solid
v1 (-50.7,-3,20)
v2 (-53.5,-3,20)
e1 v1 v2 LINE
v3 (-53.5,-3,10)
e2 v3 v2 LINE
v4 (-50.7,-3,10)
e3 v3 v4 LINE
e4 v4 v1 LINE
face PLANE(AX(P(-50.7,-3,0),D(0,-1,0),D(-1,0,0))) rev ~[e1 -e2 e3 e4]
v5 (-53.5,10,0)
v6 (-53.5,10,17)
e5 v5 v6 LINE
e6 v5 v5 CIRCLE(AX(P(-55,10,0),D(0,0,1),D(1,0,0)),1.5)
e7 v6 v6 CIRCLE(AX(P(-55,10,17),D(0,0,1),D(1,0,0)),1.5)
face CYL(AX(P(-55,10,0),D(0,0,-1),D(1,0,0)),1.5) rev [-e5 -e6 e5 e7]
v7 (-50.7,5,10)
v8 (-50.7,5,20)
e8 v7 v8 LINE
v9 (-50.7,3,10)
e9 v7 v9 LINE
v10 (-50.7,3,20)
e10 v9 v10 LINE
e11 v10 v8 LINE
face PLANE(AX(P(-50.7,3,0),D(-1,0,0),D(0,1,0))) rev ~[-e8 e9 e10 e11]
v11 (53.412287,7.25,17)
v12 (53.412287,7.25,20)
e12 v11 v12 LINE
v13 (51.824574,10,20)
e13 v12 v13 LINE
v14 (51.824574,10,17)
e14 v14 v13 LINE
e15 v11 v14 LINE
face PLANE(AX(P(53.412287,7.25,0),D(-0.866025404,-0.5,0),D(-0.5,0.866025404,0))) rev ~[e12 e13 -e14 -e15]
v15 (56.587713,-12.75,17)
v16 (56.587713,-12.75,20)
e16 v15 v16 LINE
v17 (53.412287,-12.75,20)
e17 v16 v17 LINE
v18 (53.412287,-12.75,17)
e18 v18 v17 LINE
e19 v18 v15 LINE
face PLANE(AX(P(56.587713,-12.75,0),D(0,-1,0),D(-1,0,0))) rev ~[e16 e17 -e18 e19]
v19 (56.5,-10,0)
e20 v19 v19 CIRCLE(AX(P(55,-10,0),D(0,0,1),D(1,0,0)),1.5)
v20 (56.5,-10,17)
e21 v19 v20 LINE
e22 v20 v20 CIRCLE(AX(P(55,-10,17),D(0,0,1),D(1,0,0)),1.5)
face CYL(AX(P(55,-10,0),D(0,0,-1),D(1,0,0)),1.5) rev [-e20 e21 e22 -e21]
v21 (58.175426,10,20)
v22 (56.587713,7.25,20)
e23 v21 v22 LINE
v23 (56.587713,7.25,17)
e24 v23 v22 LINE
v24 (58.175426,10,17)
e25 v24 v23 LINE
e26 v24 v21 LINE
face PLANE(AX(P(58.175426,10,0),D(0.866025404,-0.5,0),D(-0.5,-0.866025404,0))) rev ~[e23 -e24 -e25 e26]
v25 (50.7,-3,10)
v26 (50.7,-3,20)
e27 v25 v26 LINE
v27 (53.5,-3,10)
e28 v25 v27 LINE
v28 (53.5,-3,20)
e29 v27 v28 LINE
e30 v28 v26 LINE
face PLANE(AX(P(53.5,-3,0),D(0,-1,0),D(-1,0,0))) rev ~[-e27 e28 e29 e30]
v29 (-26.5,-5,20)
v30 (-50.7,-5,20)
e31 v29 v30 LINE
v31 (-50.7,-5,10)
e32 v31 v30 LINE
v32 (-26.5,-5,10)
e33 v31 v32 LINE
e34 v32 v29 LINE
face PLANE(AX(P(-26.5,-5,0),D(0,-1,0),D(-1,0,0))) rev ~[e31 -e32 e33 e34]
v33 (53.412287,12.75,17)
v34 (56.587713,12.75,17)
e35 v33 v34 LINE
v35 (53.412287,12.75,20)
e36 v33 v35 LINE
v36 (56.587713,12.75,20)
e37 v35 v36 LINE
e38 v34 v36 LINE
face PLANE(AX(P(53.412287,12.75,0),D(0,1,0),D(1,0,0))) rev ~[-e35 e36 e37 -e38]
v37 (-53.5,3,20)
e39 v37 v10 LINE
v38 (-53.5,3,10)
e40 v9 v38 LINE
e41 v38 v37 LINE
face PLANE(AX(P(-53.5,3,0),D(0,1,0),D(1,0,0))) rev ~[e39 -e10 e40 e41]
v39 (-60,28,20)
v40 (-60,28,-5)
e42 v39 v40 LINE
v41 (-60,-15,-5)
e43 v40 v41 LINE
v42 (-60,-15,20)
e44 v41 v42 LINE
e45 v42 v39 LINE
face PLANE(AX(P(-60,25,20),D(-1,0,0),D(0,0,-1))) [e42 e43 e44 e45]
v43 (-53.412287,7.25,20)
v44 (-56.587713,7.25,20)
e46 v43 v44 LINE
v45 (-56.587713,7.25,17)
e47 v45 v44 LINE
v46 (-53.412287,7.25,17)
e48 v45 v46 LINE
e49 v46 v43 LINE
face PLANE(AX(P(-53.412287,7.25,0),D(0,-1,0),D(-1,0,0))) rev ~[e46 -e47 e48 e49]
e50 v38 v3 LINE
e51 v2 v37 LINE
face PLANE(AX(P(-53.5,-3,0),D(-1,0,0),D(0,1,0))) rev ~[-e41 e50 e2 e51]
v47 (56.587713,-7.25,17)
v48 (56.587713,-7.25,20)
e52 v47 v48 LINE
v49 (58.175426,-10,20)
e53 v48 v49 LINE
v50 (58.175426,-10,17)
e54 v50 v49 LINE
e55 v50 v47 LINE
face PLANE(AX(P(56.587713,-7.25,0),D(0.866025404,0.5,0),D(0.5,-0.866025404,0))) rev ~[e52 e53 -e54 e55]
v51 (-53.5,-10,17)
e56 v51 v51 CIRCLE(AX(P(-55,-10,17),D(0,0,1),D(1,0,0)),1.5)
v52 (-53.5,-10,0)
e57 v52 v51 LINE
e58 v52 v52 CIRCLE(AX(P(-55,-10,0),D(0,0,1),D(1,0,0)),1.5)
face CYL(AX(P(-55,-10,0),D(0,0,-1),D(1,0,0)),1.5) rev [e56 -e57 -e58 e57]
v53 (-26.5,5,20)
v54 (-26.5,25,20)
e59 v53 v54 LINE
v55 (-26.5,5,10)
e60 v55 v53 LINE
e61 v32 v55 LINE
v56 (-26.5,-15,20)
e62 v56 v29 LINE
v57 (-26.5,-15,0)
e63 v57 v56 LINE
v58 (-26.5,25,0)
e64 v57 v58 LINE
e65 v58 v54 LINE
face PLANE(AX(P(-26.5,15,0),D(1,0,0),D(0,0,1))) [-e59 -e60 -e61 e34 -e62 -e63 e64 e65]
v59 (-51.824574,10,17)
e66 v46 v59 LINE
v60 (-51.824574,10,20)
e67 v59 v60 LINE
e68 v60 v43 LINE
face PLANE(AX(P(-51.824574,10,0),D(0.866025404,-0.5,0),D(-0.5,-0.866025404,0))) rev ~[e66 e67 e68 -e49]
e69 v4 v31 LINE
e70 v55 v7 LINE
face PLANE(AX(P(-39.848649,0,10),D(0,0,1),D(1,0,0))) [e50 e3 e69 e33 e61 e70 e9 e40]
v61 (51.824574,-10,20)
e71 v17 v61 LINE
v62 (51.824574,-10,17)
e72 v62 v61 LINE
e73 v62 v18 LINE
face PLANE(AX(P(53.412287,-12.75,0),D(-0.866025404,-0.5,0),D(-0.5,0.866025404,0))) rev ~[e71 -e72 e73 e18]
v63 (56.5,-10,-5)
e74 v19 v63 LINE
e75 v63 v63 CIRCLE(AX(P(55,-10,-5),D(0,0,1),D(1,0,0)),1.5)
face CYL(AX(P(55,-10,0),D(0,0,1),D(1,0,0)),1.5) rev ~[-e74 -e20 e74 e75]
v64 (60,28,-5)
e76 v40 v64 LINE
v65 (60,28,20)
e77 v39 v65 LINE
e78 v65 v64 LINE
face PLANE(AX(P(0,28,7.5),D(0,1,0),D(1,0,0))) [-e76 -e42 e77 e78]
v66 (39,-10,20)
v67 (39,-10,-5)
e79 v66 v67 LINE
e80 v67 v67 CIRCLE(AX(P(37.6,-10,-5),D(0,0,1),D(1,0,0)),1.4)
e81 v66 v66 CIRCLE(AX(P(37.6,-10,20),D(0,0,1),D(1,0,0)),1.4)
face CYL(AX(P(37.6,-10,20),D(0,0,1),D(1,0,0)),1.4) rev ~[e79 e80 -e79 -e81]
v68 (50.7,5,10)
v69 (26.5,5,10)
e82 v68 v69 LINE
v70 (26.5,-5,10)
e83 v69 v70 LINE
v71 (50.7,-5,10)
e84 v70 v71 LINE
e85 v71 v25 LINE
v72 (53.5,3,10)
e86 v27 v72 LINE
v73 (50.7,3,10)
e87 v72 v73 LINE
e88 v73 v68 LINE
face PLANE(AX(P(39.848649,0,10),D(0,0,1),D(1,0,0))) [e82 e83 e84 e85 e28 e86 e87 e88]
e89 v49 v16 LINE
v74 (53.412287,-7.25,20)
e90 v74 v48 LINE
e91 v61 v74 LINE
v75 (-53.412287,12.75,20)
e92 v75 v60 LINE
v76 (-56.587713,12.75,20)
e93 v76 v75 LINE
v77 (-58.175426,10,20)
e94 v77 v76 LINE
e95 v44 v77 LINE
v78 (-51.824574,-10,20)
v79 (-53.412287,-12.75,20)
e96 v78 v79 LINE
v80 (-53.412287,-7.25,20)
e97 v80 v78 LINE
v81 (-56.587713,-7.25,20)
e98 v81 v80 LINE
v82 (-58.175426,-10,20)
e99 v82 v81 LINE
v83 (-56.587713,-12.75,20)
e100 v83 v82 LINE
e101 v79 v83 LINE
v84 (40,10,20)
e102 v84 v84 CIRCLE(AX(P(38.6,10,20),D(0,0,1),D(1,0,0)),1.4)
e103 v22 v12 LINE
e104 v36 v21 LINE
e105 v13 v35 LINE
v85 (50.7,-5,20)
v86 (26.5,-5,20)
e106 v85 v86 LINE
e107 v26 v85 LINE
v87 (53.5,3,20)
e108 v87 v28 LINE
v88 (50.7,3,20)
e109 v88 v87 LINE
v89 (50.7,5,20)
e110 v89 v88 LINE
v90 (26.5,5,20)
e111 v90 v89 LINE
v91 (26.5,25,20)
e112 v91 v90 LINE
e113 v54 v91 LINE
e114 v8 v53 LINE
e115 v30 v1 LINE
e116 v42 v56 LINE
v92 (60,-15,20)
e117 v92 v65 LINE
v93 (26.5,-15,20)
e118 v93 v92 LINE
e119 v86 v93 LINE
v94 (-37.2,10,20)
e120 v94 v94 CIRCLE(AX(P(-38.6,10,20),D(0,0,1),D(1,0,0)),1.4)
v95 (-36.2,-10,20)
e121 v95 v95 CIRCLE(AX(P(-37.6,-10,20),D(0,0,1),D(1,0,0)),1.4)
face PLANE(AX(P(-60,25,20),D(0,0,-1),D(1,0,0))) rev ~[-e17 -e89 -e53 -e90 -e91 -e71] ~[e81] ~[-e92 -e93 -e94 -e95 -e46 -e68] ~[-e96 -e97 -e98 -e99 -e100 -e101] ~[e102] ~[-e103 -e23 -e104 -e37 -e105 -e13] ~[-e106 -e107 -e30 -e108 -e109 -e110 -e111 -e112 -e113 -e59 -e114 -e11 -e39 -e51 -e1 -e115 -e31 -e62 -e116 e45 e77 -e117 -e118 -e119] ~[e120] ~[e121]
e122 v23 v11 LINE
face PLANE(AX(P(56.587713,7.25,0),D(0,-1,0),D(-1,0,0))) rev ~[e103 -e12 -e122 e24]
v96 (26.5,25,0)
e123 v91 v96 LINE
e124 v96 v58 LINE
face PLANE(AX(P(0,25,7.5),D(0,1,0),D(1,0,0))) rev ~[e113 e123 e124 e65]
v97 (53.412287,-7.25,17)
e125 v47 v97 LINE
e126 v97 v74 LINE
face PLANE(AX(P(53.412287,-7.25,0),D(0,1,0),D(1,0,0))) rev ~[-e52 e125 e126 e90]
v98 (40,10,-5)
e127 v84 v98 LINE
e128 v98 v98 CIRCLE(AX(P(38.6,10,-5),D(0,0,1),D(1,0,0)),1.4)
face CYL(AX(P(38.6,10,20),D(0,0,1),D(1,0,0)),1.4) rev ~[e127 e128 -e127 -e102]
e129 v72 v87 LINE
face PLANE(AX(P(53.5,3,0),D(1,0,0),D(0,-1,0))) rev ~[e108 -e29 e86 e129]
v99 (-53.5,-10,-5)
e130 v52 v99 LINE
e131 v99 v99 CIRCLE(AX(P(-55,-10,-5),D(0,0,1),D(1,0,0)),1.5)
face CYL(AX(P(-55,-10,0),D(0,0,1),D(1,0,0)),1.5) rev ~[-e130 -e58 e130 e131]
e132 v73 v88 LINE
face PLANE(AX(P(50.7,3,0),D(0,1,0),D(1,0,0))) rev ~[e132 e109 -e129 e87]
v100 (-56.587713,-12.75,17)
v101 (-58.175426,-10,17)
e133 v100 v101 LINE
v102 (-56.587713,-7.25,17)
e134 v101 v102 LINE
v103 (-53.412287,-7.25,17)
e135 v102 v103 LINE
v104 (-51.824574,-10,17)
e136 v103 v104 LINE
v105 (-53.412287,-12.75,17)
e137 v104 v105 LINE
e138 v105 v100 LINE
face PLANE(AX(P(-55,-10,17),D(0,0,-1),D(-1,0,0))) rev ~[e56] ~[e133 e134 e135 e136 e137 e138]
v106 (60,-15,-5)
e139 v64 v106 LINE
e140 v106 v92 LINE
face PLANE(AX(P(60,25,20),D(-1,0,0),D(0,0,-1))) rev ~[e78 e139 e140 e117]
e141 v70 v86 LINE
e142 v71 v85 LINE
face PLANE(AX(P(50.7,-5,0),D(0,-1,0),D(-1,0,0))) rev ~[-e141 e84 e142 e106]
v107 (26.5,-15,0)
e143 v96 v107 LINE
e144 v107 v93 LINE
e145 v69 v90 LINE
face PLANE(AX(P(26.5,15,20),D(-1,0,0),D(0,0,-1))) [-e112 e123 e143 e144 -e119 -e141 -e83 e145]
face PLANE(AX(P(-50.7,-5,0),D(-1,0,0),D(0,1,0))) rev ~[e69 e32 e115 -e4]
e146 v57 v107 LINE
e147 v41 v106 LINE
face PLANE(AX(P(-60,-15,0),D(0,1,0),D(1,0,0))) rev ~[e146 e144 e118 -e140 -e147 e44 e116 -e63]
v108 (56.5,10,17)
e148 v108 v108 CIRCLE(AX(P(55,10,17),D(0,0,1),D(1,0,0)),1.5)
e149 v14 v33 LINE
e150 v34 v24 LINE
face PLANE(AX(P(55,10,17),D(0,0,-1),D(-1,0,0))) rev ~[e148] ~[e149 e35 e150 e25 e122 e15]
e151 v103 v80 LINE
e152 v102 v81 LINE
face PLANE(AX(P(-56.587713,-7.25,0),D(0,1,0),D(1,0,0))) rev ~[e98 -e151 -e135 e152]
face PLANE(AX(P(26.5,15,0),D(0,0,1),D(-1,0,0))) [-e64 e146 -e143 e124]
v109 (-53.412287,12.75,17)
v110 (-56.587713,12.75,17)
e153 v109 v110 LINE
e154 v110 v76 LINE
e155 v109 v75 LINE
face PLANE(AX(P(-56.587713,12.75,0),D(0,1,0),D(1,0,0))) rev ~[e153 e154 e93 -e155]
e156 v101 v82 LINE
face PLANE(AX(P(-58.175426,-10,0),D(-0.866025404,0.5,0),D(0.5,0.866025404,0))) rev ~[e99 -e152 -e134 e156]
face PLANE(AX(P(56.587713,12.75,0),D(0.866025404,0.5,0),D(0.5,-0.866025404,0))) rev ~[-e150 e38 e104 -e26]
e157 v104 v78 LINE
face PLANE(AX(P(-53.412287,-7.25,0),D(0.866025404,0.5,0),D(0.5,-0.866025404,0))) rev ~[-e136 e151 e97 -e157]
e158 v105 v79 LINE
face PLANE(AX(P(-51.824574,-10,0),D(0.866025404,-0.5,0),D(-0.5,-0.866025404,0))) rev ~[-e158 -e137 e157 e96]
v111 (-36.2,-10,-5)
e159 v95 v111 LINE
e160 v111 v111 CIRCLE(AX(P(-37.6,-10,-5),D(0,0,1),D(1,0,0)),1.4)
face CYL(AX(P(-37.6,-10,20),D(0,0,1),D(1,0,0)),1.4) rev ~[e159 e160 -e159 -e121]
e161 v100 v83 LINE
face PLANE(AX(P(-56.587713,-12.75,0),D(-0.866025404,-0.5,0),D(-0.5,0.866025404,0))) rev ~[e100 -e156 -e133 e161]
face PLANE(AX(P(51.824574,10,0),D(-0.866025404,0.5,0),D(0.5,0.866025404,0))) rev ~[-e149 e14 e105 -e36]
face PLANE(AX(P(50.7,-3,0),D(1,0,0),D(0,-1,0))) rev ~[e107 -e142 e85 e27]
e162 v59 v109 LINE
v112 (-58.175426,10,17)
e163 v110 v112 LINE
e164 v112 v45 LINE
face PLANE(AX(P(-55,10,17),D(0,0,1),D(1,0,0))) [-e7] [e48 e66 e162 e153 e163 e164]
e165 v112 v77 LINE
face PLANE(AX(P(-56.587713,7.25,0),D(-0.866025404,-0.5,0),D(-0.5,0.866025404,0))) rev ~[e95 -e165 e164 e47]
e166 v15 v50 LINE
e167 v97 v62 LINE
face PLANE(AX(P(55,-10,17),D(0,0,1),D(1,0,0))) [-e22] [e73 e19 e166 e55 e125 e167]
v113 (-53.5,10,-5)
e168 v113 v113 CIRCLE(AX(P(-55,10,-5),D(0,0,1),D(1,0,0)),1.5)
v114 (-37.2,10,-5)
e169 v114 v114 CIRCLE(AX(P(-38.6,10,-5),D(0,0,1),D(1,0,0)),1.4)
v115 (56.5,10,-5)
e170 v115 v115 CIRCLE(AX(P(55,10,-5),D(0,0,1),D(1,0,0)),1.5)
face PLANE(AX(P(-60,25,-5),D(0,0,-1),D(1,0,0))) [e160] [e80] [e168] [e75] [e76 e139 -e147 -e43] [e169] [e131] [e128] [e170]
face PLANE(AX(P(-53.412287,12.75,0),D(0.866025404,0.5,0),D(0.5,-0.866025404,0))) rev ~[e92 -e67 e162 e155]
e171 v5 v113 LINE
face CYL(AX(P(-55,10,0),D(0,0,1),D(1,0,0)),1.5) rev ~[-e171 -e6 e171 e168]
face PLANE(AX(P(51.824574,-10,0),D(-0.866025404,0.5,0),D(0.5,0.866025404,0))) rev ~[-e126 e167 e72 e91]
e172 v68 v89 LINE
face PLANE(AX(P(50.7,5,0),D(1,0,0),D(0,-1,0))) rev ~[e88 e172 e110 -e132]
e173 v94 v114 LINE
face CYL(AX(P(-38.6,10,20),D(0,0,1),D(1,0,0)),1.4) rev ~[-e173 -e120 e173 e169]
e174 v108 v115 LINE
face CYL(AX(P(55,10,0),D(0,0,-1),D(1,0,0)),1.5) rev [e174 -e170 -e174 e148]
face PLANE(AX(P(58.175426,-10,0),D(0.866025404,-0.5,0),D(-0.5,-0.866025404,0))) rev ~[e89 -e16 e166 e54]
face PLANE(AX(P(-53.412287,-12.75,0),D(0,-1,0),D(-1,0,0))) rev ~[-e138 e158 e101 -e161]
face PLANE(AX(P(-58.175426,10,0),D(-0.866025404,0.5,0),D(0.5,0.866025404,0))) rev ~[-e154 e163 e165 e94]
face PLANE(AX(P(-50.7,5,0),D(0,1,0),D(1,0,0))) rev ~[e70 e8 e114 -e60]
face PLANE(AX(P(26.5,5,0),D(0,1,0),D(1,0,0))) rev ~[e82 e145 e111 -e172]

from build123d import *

# Parameters (mm, degrees)
ESQUISSE1_W             = 120
ESQUISSE1_H             = 30
ESQUISSE1_R             = 1.5
BOSS_EXTRU_1_DEPTH      = 5
BOSS_EXTRU_2_DEPTH      = 20
BOSS_EXTRU_3_DEPTH      = 10
ESQUISSE1_6_R           = 1.5
BOSS_EXTRU_4_DEPTH      = 17
ESQUISSE2_R             = 1.4
ENL_V_MAT_EXTRU_1_DEPTH = 26
BOSS_EXTRU_5_DEPTH      = 10
ESQUISSE4_W             = 120
ESQUISSE4_H             = 25
BOSS_EXTRU_6_DEPTH      = 3


with BuildPart() as part:
    # Esquisse1 → Boss.-Extru.1 (new body)
    with BuildSketch(Plane.XY):
        Rectangle(ESQUISSE1_W, ESQUISSE1_H)
        with Locations((-55, 10)):
            Circle(ESQUISSE1_R, mode=Mode.SUBTRACT)
        with Locations((-55, -10)):
            Circle(ESQUISSE1_R, mode=Mode.SUBTRACT)
        with Locations((55, -10)):
            Circle(ESQUISSE1_R, mode=Mode.SUBTRACT)
        with Locations((55, 10)):
            Circle(ESQUISSE1_R, mode=Mode.SUBTRACT)
    extrude(amount=-BOSS_EXTRU_1_DEPTH)

    # Esquisse1<4> → Boss.-Extru.2 (add)
    with BuildSketch(Plane.XY):
        Polygon((-26.5, 15), (-60, 15), (-60, -15), (-26.5, -15), (-26.5, -5), (-50.7, -5), (-50.7, -3), (-53.5, -3), (-53.5, 3), (-50.7, 3), (-50.7, 5), (-26.5, 5), align=None)
        Polygon((-53.41228676, 12.75), (-51.824573519, 10), (-53.41228676, 7.25), (-56.58771324, 7.25), (-58.175426481, 10), (-56.58771324, 12.75), align=None, mode=Mode.SUBTRACT)
        Polygon((-53.41228676, -7.25), (-51.824573519, -10), (-53.41228676, -12.75), (-56.58771324, -12.75), (-58.175426481, -10), (-56.58771324, -7.25), align=None, mode=Mode.SUBTRACT)
        Polygon((60, 15), (26.5, 15), (26.5, 5), (50.7, 5), (50.7, 3), (53.5, 3), (53.5, -3), (50.7, -3), (50.7, -5), (26.5, -5), (26.5, -15), (60, -15), align=None)
        Polygon((56.58771324, 7.25), (53.41228676, 7.25), (51.824573519, 10), (53.41228676, 12.75), (56.58771324, 12.75), (58.175426481, 10), align=None, mode=Mode.SUBTRACT)
        Polygon((56.58771324, -7.25), (58.175426481, -10), (56.58771324, -12.75), (53.41228676, -12.75), (51.824573519, -10), (53.41228676, -7.25), align=None, mode=Mode.SUBTRACT)
    extrude(amount=BOSS_EXTRU_2_DEPTH)

    # Esquisse1<5> → Boss.-Extru.3 (add)
    with BuildSketch(Plane.XY):
        Polygon((-26.5, -5), (-26.5, 5), (-50.7, 5), (-50.7, 3), (-53.5, 3), (-53.5, -3), (-50.7, -3), (-50.7, -5), align=None)
        Polygon((50.7, 5), (26.5, 5), (26.5, -5), (50.7, -5), (50.7, -3), (53.5, -3), (53.5, 3), (50.7, 3), align=None)
    extrude(amount=BOSS_EXTRU_3_DEPTH)

    # Esquisse1<6> → Boss.-Extru.4 (add)
    with BuildSketch(Plane.XY):
        Polygon((51.824573519, 10), (53.41228676, 12.75), (56.58771324, 12.75), (58.175426481, 10), (56.58771324, 7.25), (53.41228676, 7.25), align=None)
        with Locations((55, 10)):
            Circle(ESQUISSE1_6_R, mode=Mode.SUBTRACT)
        Polygon((56.58771324, -7.25), (53.41228676, -7.25), (51.824573519, -10), (53.41228676, -12.75), (56.58771324, -12.75), (58.175426481, -10), align=None)
        with Locations((55, -10)):
            Circle(ESQUISSE1_6_R, mode=Mode.SUBTRACT)
        Polygon((-56.58771324, 7.25), (-53.41228676, 7.25), (-51.824573519, 10), (-53.41228676, 12.75), (-56.58771324, 12.75), (-58.175426481, 10), align=None)
        with Locations((-55, 10)):
            Circle(ESQUISSE1_6_R, mode=Mode.SUBTRACT)
        Polygon((-51.824573519, -10), (-53.41228676, -12.75), (-56.58771324, -12.75), (-58.175426481, -10), (-56.58771324, -7.25), (-53.41228676, -7.25), align=None)
        with Locations((-55, -10)):
            Circle(ESQUISSE1_6_R, mode=Mode.SUBTRACT)
    extrude(amount=BOSS_EXTRU_4_DEPTH)

    # Esquisse2 → Enlèv. mat.-Extru.1 (cut, through all)
    with BuildSketch(Plane.XY.offset(20)):
        with Locations((-38.6, 10)):
            Circle(ESQUISSE2_R)
        with Locations((-37.6, -10)):
            Circle(ESQUISSE2_R)
        with Locations((38.6, 10)):
            Circle(ESQUISSE2_R)
        with Locations((37.6, -10)):
            Circle(ESQUISSE2_R)
    extrude(amount=-ENL_V_MAT_EXTRU_1_DEPTH, mode=Mode.SUBTRACT)

    # Esquisse3 → Boss.-Extru.5 (add)
    with BuildSketch(Plane(origin=(0, 15, 0), x_dir=(1, 0, 0), z_dir=(0, 1, 0))):
        Polygon((-60, -20), (-60, 5), (60, 5), (60, -20), (26.5, -20), (26.5, 0), (-26.5, 0), (-26.5, -20), align=None)
    extrude(amount=BOSS_EXTRU_5_DEPTH)

    # Esquisse4 → Boss.-Extru.6 (add)
    with BuildSketch(Plane(origin=(0, 25, 0), x_dir=(1, 0, 0), z_dir=(0, 1, 0))):
        with Locations((0, -7.5)):
            Rectangle(ESQUISSE4_W, ESQUISSE4_H)
    extrude(amount=BOSS_EXTRU_6_DEPTH)


solid = part.part
